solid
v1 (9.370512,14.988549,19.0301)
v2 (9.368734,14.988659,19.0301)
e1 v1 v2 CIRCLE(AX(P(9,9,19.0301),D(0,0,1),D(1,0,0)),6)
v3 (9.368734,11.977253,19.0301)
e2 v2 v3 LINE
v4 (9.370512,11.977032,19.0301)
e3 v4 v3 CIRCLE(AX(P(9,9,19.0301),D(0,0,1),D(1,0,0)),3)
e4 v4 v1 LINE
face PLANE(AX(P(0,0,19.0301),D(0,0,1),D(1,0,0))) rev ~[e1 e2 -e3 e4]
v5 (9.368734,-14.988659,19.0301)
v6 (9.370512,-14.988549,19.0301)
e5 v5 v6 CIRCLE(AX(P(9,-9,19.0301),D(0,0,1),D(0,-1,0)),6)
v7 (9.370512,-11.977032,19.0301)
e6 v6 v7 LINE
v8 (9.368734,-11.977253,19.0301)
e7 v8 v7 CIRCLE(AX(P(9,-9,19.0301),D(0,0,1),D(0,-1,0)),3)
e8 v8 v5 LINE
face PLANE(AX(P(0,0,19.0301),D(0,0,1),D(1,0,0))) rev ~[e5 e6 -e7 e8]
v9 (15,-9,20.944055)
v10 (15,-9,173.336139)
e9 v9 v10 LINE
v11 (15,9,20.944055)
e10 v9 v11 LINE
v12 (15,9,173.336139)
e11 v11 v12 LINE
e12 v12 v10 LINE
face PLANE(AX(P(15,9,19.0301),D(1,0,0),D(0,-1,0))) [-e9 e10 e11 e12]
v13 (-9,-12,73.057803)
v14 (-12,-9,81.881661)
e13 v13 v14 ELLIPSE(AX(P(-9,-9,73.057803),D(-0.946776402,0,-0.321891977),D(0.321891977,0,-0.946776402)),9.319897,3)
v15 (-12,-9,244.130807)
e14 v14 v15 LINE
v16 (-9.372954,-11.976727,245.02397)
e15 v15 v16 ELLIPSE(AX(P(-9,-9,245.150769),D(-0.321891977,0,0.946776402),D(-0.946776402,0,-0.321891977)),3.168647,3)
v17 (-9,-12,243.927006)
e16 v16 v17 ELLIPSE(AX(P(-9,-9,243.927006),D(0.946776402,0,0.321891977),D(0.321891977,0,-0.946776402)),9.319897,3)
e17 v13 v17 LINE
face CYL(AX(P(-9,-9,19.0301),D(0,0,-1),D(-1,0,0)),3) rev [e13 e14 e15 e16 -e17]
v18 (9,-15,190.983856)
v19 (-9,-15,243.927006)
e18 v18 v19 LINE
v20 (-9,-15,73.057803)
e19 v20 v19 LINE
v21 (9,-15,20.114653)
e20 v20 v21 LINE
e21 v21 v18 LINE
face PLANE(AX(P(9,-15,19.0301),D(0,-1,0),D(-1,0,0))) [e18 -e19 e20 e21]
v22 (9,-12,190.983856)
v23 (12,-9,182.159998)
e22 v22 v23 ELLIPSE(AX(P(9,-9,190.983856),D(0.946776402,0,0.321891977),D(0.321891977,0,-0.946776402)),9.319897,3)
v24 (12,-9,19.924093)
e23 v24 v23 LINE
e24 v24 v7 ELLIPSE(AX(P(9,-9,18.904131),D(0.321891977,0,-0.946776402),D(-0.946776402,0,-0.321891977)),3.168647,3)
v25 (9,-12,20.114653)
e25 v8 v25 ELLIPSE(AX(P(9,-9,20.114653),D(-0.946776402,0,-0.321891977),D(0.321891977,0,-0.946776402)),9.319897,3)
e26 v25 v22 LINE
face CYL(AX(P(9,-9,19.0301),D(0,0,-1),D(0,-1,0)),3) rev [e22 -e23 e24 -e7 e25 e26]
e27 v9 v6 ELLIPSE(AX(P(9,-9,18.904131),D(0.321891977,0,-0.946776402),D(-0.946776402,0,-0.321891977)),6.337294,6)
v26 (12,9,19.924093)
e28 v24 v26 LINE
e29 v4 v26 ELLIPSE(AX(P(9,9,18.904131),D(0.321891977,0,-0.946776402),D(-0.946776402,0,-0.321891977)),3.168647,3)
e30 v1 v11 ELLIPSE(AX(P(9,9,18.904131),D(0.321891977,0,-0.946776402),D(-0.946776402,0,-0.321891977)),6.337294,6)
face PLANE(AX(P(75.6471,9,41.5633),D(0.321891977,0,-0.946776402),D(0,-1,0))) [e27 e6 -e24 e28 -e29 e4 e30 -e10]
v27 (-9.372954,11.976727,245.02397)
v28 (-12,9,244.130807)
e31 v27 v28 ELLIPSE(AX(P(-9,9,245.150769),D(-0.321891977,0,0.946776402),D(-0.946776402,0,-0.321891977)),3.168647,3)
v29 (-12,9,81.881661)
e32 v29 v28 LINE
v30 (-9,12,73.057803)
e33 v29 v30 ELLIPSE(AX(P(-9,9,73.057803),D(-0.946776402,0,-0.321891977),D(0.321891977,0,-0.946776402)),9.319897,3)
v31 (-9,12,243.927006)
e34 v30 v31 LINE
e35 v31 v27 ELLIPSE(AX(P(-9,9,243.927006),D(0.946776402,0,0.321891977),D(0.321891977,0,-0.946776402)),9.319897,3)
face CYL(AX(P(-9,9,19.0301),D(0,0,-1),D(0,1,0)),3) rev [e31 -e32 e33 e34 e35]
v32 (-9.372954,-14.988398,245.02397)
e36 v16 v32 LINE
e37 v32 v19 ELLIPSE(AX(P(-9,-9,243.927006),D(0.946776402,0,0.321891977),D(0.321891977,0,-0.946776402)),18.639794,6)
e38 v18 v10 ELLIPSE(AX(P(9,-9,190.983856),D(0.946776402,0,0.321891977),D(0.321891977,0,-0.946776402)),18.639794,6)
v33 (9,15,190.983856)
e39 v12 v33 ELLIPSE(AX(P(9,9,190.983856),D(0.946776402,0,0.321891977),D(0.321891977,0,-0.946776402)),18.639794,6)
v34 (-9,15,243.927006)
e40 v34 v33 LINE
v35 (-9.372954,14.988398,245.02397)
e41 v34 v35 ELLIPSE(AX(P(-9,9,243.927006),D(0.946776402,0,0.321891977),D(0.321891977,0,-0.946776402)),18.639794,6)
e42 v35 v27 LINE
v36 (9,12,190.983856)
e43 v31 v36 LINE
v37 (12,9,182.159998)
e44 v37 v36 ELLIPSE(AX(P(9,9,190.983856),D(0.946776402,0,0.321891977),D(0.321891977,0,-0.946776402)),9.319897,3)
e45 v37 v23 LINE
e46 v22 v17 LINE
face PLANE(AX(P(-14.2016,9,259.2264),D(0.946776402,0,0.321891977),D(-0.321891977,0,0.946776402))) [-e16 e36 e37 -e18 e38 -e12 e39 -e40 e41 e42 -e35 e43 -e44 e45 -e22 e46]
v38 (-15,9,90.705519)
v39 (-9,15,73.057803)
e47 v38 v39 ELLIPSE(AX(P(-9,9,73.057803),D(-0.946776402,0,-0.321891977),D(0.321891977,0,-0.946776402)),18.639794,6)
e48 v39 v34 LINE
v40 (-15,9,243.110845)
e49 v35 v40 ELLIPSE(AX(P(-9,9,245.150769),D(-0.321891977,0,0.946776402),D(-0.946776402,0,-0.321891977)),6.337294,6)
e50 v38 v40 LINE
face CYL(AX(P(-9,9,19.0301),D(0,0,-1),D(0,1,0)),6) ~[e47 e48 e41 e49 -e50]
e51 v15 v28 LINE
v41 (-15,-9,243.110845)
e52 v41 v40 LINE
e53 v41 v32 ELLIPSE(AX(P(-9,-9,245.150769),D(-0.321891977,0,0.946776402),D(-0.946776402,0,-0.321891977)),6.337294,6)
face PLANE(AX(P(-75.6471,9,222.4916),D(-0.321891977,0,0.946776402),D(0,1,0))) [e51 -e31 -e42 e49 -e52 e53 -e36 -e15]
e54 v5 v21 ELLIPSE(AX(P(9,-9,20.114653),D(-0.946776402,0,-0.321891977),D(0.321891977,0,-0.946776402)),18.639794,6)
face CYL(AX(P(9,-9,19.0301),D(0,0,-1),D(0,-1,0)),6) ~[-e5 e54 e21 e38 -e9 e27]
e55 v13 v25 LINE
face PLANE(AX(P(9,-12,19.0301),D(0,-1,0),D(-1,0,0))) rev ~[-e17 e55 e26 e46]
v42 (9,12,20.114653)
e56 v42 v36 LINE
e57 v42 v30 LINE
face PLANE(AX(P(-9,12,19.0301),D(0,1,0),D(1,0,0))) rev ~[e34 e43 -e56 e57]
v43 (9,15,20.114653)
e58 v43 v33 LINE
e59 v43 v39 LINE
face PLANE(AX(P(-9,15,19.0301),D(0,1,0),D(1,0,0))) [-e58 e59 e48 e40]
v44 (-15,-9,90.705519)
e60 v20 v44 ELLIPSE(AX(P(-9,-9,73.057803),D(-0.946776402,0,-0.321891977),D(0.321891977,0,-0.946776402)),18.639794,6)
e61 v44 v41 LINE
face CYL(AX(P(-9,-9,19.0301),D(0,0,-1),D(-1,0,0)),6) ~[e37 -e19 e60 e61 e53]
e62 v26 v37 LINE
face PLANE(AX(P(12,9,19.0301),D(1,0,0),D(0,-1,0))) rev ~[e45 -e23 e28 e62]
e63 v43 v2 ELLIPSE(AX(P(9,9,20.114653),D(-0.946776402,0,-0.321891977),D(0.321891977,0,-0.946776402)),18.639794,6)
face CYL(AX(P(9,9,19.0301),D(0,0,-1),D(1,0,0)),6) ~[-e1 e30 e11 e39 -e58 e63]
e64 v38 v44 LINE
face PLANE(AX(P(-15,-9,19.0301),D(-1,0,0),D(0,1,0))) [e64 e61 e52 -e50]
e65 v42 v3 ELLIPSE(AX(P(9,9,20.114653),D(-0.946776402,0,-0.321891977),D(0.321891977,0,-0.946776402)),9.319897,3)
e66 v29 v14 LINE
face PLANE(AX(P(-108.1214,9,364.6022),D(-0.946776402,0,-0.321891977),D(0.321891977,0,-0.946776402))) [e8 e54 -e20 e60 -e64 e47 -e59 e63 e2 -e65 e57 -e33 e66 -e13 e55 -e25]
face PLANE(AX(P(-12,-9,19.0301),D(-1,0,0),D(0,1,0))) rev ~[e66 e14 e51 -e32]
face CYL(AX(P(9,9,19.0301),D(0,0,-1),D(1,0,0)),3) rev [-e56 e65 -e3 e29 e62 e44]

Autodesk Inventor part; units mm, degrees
ref_plane "Start Plane" through (0, 0, 19.0301) normal (0, 0, 1) x (1, 0, 0)
ref_plane "End Plane" through (0, 0, 245.0248) normal (0, 0, 1) x (1, 0, 0)
sketch "Sketch" plane through (0, 0, 0) normal (0, 0, 1) x (1, 0, 0)
  line L0 (-15, -9) -> (-15, 9)
  line L1 (-9, 15) -> (9, 15)
  line L2 (15, 9) -> (15, -9)
  line L3 (9, -15) -> (-9, -15)
  arc A0 (-15, -9) -> (-9, -15) centre (-9, -9) ccw
  arc A1 (-9, 15) -> (-15, 9) centre (-9, 9) ccw
  arc A2 (15, 9) -> (9, 15) centre (9, 9) ccw
  arc A3 (9, -15) -> (15, -9) centre (9, -9) ccw
  arc A4 (-9, 12) -> (-12, 9) centre (-9, 9) ccw
  line L4 (-9, 12) -> (9, 12)
  arc A5 (12, 9) -> (9, 12) centre (9, 9) ccw
  line L5 (12, 9) -> (12, -9)
  arc A6 (9, -12) -> (12, -9) centre (9, -9) ccw
  line L6 (9, -12) -> (-9, -12)
  arc A7 (-12, -9) -> (-9, -12) centre (-9, -9) ccw
  line L7 (-12, -9) -> (-12, 9)
  line L8 (0, 22.7397) -> (0, -22.7397) construction
  line L9 (-22.7397, 0) -> (22.7397, 0) construction
  dimension "d7" = 6
  dimension "d10" = 30
  dimension "d11" = 30
  dimension "d12" = 3
  dimension "d15" = 15
  dimension "d16" = 15
extrude "Body" add sketch "Sketch" along normal up to surface (225.9947 mm away) from surface at 19.0301
sketch "Sketch3" plane through (0, 0, 0) normal (0, 0, 1) x (1, 0, 0)
  line L0 (0, 0) -> (10, 0)
ref_plane "Work Plane3" through (0, 0, 0) normal (0, -1, 0) x (1, 0, 0)
ref_plane "Work Plane4" through (-108.1214, 9, 364.6022) normal (-0.9468, 0, -0.3219) x (-0.3219, 0, 0.9468)
split "Split1" plane through (-108.1214, 9, 364.6022) removes the side toward (-0.9468, 0, -0.3219)
ref_plane "Work Plane5" through (75.6471, 9, 41.5633) normal (0.3219, 0, -0.9468) x (-0.9468, 0, -0.3219)
split "Split2" plane through (75.6471, 9, 41.5633) removes the side toward (0.3219, 0, -0.9468)
ref_plane "Work Plane6" through (-14.2016, 9, 259.2264) normal (0.9468, 0, 0.3219) x (0.3219, 0, -0.9468)
split "Split3" plane through (-14.2016, 9, 259.2264) removes the side toward (0.9468, 0, 0.3219)
ref_plane "Work Plane7" through (-75.6471, 9, 222.4916) normal (-0.3219, 0, 0.9468) x (0.9468, 0, 0.3219)
split "Split4" plane through (-75.6471, 9, 222.4916) removes the side toward (-0.3219, 0, 0.9468)
sketch "Sketch4" plane through (0, 0, 0) normal (0, -1, 0) x (1, 0, 0)
  line L0 (-2, 19.0301) -> (12, 19.0301) projected
  line L1 (-2, 245.0248) -> (12, 245.0248) projected
  dimension "d18" = 225.9947
equation "\"d7\" = G_IR"
equation "\"d10\" = G_H"
equation "\"d11\" = G_W"
equation "\"d12\" = G_T"
equation "\"d15\" = 0.5 * d10"
equation "\"d16\" = 0.5 * d11"
equation "\"d3\" = G_L"
equation "\"G_W\" = 30"
equation "\"G_H\" = 30"
equation "\"G_T\" = 3"
equation "\"G_IR\" = 6"
equation "\"G_L\" = d18"
equation "\"G_OFFSET_START\" = -19.03013"
equation "\"G_OFFSET_END\" = -19.03013"
equation "\"d13\" = -G_OFFSET_START"
equation "\"d14\" = G_OFFSET_END + B_L"
equation "\"B_L\" = 264.05492"
properties part number "DIN EN 10219-2 - 30 x 30 x 3  - 225.99" material "Steel, Mild"
